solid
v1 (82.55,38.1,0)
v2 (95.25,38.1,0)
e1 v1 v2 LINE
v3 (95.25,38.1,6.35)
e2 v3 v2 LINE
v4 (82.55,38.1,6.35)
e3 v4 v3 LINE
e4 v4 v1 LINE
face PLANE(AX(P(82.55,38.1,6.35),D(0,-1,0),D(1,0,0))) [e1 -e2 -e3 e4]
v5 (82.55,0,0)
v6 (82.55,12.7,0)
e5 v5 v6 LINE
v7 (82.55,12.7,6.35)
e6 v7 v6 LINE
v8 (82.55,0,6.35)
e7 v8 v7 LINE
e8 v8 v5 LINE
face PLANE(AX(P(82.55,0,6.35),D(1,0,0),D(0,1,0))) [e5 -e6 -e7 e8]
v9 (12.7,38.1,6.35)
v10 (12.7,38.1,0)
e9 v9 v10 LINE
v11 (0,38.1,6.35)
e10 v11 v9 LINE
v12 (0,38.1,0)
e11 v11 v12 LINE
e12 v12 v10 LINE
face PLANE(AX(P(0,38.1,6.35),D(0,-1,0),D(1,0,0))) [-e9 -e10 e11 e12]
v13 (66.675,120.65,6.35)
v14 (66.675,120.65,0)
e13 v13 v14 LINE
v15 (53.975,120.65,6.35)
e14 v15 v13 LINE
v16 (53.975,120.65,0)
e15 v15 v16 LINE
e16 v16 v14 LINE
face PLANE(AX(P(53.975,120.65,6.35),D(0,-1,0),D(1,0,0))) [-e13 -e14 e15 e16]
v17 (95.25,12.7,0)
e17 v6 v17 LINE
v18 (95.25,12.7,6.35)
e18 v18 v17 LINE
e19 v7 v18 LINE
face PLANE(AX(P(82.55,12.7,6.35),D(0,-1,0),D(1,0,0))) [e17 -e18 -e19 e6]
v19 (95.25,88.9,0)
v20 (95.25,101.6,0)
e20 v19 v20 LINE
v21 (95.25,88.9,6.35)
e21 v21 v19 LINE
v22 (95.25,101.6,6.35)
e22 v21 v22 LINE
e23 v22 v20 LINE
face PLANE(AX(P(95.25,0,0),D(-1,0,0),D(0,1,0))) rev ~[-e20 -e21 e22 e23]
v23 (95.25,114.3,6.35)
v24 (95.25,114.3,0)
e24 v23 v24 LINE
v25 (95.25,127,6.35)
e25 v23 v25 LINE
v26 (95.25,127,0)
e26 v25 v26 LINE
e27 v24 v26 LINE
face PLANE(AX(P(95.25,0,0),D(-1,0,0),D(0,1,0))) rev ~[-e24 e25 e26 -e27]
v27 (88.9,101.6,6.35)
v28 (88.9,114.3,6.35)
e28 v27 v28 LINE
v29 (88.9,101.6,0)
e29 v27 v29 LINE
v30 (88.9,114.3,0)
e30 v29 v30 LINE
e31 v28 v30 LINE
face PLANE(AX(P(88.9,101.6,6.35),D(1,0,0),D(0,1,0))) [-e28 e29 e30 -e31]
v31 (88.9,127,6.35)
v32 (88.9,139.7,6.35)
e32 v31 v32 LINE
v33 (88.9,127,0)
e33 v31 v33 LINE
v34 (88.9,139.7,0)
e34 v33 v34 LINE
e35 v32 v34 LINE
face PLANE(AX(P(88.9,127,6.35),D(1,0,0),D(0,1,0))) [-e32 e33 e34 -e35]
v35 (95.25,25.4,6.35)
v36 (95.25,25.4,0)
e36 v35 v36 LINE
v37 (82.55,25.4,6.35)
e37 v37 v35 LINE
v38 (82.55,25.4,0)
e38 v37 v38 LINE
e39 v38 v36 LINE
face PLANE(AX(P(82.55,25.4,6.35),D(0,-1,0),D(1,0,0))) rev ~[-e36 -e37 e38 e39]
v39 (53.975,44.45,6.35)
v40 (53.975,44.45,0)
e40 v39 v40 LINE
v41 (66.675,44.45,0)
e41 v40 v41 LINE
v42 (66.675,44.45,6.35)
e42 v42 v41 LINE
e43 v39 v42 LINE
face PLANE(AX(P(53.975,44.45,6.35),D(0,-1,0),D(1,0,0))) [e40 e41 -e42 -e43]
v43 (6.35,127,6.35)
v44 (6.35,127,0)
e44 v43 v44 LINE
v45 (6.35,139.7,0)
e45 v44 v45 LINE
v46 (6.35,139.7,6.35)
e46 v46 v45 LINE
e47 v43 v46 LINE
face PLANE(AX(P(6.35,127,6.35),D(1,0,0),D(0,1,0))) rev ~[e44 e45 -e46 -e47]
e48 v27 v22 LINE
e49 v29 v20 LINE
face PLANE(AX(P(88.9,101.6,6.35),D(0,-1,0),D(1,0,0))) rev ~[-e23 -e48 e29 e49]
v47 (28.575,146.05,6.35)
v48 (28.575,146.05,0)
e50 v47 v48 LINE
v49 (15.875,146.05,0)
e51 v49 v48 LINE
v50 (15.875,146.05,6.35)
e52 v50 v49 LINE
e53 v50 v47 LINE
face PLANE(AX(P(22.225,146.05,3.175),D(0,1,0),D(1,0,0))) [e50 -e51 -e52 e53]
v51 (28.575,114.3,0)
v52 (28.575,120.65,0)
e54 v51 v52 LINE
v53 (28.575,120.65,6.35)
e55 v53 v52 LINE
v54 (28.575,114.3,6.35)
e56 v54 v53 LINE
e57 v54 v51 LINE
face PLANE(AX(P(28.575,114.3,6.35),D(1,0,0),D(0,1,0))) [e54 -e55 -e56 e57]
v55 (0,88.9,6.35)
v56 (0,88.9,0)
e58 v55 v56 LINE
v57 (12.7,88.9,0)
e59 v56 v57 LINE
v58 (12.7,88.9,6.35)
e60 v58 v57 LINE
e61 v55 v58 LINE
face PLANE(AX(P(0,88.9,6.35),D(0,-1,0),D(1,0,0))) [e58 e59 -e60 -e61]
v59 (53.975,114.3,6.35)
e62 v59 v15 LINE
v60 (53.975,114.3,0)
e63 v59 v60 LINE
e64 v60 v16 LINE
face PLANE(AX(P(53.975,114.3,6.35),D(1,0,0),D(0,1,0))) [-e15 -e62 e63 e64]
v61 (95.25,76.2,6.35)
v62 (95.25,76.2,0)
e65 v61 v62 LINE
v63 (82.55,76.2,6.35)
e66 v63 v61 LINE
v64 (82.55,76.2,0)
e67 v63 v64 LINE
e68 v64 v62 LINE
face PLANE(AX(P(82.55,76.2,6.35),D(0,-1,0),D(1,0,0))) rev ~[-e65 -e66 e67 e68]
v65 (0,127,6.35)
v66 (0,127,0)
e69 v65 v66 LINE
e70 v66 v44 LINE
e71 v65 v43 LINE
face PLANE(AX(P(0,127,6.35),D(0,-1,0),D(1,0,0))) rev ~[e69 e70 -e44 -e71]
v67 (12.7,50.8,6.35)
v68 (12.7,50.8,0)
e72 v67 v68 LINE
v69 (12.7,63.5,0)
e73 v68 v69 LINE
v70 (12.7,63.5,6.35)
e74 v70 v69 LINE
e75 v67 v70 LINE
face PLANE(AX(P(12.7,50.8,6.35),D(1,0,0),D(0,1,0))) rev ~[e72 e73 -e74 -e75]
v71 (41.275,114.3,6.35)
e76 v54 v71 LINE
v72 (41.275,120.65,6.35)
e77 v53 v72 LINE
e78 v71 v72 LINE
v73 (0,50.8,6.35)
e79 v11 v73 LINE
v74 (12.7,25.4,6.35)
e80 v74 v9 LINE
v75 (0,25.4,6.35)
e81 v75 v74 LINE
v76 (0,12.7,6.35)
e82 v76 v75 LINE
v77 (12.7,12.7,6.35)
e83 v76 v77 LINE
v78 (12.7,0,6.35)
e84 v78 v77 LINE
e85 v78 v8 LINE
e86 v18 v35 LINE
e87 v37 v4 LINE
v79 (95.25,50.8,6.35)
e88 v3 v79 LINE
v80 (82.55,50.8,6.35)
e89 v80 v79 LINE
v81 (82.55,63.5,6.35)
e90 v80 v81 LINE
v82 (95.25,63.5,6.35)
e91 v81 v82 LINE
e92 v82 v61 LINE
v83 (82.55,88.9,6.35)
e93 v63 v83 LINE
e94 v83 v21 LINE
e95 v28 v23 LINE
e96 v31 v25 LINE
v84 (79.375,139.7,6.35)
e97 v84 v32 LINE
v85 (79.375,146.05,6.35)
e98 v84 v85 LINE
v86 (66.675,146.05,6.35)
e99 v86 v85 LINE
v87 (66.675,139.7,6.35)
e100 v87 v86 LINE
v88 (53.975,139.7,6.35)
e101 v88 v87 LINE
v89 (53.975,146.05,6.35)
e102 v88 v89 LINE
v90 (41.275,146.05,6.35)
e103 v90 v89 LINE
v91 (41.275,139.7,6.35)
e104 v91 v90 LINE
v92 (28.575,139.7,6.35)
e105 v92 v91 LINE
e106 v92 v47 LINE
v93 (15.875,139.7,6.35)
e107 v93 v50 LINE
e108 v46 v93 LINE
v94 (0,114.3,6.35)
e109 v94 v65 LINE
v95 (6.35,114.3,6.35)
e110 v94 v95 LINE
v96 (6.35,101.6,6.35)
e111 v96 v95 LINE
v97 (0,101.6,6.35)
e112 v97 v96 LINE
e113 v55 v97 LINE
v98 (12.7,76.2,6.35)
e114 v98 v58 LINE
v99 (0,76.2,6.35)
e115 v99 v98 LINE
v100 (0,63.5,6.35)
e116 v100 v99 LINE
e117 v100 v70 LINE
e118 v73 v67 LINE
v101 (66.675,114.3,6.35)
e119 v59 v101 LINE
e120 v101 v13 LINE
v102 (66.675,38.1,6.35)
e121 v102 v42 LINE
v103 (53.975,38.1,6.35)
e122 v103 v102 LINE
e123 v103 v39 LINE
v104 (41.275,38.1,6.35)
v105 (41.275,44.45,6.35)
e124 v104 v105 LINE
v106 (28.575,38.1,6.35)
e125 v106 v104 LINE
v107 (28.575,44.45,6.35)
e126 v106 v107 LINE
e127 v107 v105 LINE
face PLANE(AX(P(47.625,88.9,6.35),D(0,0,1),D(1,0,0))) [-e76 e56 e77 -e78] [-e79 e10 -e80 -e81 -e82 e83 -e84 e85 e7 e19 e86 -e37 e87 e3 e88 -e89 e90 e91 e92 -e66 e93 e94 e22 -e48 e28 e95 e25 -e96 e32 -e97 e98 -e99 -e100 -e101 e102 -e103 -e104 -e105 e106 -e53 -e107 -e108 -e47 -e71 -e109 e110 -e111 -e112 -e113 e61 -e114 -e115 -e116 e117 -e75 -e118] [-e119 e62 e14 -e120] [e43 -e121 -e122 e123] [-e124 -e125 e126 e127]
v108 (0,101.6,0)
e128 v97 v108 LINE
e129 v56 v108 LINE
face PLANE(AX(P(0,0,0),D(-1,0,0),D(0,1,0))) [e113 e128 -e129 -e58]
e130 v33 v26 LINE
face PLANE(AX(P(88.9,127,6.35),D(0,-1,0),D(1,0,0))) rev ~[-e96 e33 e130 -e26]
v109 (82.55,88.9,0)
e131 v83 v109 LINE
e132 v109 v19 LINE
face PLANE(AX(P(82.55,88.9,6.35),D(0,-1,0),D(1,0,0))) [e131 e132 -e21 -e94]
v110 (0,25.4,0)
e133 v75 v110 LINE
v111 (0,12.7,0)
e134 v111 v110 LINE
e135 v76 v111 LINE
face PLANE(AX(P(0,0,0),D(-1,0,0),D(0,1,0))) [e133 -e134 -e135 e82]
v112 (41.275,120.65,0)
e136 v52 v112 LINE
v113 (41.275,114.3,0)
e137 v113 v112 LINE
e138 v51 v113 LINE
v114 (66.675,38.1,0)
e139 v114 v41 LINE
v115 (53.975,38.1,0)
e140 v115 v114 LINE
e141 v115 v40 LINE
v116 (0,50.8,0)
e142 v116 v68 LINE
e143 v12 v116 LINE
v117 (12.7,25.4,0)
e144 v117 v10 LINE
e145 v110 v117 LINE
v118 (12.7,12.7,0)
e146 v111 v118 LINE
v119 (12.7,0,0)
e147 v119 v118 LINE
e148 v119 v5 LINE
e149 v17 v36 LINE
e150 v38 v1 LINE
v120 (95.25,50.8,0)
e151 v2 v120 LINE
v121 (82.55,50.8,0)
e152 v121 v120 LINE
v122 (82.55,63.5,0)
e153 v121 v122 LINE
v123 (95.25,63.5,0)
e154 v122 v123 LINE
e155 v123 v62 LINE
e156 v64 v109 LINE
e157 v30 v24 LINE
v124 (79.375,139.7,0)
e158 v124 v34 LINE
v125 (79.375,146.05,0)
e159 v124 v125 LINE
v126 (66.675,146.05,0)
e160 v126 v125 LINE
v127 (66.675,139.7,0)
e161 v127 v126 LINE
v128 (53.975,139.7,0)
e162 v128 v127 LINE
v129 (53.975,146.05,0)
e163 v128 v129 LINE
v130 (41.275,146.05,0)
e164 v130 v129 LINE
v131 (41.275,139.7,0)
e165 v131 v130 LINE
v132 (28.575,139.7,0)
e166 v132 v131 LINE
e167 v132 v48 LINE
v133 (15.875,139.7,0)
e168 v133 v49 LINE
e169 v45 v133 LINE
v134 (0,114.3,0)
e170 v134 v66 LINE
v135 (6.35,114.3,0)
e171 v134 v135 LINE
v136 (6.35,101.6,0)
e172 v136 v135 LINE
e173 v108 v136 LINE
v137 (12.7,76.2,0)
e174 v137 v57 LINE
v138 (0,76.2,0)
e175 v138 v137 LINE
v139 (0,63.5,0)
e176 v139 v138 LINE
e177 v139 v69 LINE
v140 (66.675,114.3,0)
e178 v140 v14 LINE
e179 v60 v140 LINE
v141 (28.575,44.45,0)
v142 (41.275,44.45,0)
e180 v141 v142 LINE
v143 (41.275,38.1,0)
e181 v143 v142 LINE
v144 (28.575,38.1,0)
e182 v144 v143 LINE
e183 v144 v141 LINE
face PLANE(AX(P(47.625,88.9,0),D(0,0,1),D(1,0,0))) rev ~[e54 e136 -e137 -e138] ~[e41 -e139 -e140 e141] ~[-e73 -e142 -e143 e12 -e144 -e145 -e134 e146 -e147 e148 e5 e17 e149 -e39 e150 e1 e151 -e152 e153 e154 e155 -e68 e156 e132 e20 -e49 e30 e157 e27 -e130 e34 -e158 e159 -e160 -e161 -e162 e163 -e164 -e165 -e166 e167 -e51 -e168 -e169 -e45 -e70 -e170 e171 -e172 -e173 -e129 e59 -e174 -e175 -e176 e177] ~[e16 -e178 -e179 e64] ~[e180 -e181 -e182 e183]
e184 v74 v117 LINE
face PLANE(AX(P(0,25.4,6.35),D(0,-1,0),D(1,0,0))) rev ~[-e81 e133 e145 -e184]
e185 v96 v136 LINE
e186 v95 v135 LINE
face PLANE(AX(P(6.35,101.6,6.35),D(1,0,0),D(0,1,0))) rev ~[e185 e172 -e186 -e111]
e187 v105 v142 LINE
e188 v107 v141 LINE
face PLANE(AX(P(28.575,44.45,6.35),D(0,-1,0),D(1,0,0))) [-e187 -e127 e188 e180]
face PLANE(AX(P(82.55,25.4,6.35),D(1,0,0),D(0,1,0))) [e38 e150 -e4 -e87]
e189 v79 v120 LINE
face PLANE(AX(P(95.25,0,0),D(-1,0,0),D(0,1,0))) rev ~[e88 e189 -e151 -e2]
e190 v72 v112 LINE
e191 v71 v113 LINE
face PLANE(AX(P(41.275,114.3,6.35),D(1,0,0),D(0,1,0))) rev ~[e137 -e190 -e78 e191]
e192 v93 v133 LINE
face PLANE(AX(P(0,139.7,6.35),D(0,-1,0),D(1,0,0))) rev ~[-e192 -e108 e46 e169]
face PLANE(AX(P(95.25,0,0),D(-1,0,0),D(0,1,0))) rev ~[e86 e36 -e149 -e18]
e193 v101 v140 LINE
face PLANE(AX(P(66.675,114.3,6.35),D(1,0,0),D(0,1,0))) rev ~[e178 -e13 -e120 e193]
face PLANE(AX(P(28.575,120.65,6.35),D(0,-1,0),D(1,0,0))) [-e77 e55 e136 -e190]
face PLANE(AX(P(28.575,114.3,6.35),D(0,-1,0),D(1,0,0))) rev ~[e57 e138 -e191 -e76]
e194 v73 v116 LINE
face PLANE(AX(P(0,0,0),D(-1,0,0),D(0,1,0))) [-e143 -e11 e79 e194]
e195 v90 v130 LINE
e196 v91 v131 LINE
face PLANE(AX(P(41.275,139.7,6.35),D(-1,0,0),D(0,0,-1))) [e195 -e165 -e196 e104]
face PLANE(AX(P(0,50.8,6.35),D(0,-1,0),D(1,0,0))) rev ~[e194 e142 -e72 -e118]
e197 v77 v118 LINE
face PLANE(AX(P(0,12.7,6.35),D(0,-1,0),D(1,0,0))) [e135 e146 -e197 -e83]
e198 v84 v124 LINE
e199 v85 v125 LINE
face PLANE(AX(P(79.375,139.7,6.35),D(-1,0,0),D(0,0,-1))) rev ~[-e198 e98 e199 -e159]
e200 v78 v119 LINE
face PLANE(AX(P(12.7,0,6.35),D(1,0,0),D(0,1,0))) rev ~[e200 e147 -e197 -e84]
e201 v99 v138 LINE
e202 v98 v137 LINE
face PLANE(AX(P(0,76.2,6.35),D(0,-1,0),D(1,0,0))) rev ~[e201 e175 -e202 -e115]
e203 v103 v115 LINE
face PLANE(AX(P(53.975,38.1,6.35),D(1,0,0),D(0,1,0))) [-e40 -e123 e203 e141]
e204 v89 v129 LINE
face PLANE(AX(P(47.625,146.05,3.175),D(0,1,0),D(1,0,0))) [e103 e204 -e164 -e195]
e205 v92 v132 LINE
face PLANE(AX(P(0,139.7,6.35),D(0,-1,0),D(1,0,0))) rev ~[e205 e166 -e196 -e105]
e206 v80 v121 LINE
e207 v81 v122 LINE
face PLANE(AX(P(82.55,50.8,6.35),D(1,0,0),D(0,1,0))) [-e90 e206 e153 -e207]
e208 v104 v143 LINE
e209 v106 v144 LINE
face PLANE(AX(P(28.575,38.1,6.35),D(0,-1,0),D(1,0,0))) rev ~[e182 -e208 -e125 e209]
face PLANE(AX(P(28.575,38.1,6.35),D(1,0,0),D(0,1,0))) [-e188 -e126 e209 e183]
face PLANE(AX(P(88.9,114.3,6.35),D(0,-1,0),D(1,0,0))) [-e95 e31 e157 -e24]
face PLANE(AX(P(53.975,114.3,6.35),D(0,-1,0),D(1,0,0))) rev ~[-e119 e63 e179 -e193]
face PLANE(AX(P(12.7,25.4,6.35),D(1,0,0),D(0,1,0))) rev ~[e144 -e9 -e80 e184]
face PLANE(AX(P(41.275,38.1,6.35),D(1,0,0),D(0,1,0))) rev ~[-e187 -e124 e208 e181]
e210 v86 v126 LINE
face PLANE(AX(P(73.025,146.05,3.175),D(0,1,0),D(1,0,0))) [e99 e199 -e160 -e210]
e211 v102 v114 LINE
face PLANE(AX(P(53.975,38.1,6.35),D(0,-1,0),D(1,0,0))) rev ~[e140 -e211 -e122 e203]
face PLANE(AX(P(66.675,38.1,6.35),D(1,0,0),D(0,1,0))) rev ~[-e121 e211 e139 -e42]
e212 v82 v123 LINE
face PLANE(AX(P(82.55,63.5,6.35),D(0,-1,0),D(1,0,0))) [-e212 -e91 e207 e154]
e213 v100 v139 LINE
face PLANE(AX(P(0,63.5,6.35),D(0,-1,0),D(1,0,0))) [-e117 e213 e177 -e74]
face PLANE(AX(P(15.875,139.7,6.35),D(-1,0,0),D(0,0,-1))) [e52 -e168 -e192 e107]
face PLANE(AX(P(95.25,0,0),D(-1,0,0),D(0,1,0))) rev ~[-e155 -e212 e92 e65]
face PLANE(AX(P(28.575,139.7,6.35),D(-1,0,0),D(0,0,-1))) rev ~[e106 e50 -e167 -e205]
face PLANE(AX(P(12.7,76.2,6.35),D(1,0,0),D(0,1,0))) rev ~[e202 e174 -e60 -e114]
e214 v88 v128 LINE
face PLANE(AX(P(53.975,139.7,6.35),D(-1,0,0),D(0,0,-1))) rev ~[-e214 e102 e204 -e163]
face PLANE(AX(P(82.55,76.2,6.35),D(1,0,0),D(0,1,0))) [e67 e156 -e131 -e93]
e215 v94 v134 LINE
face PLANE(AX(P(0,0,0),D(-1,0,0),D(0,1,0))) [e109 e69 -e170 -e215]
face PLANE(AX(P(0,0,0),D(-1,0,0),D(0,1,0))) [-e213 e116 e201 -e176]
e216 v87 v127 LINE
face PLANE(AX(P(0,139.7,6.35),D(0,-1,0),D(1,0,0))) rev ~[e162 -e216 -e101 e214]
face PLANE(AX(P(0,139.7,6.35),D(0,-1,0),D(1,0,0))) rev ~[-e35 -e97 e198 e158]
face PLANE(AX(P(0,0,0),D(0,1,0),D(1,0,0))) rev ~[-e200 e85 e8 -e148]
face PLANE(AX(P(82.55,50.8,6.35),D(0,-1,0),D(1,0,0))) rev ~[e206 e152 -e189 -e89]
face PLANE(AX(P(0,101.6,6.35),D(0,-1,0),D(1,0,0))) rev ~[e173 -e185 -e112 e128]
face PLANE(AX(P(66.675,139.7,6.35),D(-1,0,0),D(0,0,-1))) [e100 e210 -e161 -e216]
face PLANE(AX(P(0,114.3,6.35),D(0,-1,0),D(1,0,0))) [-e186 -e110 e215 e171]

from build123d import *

# Parameters (mm, degrees)
SKETCH1_W           = 95.25
SKETCH1_H           = 177.8
BOSS_EXTRUDE1_DEPTH = 6.35
SKETCH2_W           = 12.7
SKETCH2_H           = 12.7
CUT_EXTRUDE1_DEPTH  = 7.35
LPATTERN1_COUNT     = 4
LPATTERN1_PITCH     = 25.4
SKETCH3_W           = 12.7
SKETCH3_H           = 6.35
CUT_EXTRUDE2_DEPTH  = 7.35
SKETCH5_W           = 6.35
SKETCH5_H           = 12.7
CUT_EXTRUDE4_DEPTH  = 7.35
LPATTERN2_COUNT     = 4
LPATTERN2_PITCH     = 25.4
SKETCH6_W           = 95.25
SKETCH6_H           = 38.1
CUT_EXTRUDE5_DEPTH  = 7.35
SKETCH7_W           = 12.7
SKETCH7_H           = 6.35
BOSS_EXTRUDE2_DEPTH = 6.35
LPATTERN3_COUNT     = 2
LPATTERN3_PITCH     = 25.4
LPATTERN3_COL_COUNT = 2
LPATTERN3_COL_PITCH = 25.4
LPATTERN4_COUNT     = 2
LPATTERN4_PITCH     = 76.2


with BuildPart() as part:
    # Sketch1 → Boss-Extrude1 (new body)
    with BuildSketch(Plane.XY):
        with Locations((47.625, 88.9)):
            Rectangle(SKETCH1_W, SKETCH1_H)
    extrude(amount=BOSS_EXTRUDE1_DEPTH)

    # Sketch2 → Cut-Extrude1 (cut, through all)
    with BuildSketch(Plane.XY.offset(6.35)):
        with Locations((6.35, 6.35)):
            Rectangle(SKETCH2_W, SKETCH2_H)
        with Locations((88.9, 6.35)):
            Rectangle(SKETCH2_W, SKETCH2_H)
    cut_extrude1 = extrude(amount=-CUT_EXTRUDE1_DEPTH, mode=Mode.SUBTRACT)

    # LPattern1: Cut-Extrude1 ×4
    with Locations(*[(0, i * LPATTERN1_PITCH, 0) for i in range(1, LPATTERN1_COUNT)]):
        add(cut_extrude1, mode=Mode.SUBTRACT)

    # Sketch3 → Cut-Extrude2 (cut, through all)
    with BuildSketch(Plane.XY.offset(6.35)):
        with Locations((34.925, 41.275)):
            Rectangle(SKETCH3_W, SKETCH3_H)
        with Locations((60.325, 41.275)):
            Rectangle(SKETCH3_W, SKETCH3_H)
    cut_extrude2 = extrude(amount=-CUT_EXTRUDE2_DEPTH, mode=Mode.SUBTRACT)

    # Sketch5 → Cut-Extrude4 (cut, through all)
    with BuildSketch(Plane.XY.offset(6.35)):
        with Locations((3.175, 107.95)):
            Rectangle(SKETCH5_W, SKETCH5_H)
        with Locations((92.075, 107.95)):
            Rectangle(SKETCH5_W, SKETCH5_H)
    cut_extrude4 = extrude(amount=-CUT_EXTRUDE4_DEPTH, mode=Mode.SUBTRACT)

    # LPattern2: Cut-Extrude4 ×4
    with Locations(*[(0, i * LPATTERN2_PITCH, 0) for i in range(1, LPATTERN2_COUNT)]):
        add(cut_extrude4, mode=Mode.SUBTRACT)

    # Sketch6 → Cut-Extrude5 (cut, through all)
    with BuildSketch(Plane.XY.offset(6.35)):
        with Locations((47.625, 158.75)):
            Rectangle(SKETCH6_W, SKETCH6_H)
    extrude(amount=-CUT_EXTRUDE5_DEPTH, mode=Mode.SUBTRACT)

    # Sketch7 → Boss-Extrude2 (add)
    with BuildSketch(Plane(origin=(0, 139.7, 0), x_dir=(1, 0, 0), z_dir=(0, 1, 0))):
        with Locations((47.625, -3.175)):
            Rectangle(SKETCH7_W, SKETCH7_H)
    boss_extrude2 = extrude(amount=BOSS_EXTRUDE2_DEPTH)

    # LPattern3: Boss-Extrude2 ×2
    with Locations(*[(i * LPATTERN3_PITCH, 0, 0) for i in range(1, LPATTERN3_COUNT)]):
        add(boss_extrude2)

    # LPattern3 col: Boss-Extrude2 ×2
    with Locations(*[(-i * LPATTERN3_COL_PITCH, 0, 0) for i in range(1, LPATTERN3_COL_COUNT)]):
        add(boss_extrude2)

    # LPattern4: Cut-Extrude2 ×2
    with Locations(*[(0, i * LPATTERN4_PITCH, 0) for i in range(1, LPATTERN4_COUNT)]):
        add(cut_extrude2, mode=Mode.SUBTRACT)


solid = part.part
